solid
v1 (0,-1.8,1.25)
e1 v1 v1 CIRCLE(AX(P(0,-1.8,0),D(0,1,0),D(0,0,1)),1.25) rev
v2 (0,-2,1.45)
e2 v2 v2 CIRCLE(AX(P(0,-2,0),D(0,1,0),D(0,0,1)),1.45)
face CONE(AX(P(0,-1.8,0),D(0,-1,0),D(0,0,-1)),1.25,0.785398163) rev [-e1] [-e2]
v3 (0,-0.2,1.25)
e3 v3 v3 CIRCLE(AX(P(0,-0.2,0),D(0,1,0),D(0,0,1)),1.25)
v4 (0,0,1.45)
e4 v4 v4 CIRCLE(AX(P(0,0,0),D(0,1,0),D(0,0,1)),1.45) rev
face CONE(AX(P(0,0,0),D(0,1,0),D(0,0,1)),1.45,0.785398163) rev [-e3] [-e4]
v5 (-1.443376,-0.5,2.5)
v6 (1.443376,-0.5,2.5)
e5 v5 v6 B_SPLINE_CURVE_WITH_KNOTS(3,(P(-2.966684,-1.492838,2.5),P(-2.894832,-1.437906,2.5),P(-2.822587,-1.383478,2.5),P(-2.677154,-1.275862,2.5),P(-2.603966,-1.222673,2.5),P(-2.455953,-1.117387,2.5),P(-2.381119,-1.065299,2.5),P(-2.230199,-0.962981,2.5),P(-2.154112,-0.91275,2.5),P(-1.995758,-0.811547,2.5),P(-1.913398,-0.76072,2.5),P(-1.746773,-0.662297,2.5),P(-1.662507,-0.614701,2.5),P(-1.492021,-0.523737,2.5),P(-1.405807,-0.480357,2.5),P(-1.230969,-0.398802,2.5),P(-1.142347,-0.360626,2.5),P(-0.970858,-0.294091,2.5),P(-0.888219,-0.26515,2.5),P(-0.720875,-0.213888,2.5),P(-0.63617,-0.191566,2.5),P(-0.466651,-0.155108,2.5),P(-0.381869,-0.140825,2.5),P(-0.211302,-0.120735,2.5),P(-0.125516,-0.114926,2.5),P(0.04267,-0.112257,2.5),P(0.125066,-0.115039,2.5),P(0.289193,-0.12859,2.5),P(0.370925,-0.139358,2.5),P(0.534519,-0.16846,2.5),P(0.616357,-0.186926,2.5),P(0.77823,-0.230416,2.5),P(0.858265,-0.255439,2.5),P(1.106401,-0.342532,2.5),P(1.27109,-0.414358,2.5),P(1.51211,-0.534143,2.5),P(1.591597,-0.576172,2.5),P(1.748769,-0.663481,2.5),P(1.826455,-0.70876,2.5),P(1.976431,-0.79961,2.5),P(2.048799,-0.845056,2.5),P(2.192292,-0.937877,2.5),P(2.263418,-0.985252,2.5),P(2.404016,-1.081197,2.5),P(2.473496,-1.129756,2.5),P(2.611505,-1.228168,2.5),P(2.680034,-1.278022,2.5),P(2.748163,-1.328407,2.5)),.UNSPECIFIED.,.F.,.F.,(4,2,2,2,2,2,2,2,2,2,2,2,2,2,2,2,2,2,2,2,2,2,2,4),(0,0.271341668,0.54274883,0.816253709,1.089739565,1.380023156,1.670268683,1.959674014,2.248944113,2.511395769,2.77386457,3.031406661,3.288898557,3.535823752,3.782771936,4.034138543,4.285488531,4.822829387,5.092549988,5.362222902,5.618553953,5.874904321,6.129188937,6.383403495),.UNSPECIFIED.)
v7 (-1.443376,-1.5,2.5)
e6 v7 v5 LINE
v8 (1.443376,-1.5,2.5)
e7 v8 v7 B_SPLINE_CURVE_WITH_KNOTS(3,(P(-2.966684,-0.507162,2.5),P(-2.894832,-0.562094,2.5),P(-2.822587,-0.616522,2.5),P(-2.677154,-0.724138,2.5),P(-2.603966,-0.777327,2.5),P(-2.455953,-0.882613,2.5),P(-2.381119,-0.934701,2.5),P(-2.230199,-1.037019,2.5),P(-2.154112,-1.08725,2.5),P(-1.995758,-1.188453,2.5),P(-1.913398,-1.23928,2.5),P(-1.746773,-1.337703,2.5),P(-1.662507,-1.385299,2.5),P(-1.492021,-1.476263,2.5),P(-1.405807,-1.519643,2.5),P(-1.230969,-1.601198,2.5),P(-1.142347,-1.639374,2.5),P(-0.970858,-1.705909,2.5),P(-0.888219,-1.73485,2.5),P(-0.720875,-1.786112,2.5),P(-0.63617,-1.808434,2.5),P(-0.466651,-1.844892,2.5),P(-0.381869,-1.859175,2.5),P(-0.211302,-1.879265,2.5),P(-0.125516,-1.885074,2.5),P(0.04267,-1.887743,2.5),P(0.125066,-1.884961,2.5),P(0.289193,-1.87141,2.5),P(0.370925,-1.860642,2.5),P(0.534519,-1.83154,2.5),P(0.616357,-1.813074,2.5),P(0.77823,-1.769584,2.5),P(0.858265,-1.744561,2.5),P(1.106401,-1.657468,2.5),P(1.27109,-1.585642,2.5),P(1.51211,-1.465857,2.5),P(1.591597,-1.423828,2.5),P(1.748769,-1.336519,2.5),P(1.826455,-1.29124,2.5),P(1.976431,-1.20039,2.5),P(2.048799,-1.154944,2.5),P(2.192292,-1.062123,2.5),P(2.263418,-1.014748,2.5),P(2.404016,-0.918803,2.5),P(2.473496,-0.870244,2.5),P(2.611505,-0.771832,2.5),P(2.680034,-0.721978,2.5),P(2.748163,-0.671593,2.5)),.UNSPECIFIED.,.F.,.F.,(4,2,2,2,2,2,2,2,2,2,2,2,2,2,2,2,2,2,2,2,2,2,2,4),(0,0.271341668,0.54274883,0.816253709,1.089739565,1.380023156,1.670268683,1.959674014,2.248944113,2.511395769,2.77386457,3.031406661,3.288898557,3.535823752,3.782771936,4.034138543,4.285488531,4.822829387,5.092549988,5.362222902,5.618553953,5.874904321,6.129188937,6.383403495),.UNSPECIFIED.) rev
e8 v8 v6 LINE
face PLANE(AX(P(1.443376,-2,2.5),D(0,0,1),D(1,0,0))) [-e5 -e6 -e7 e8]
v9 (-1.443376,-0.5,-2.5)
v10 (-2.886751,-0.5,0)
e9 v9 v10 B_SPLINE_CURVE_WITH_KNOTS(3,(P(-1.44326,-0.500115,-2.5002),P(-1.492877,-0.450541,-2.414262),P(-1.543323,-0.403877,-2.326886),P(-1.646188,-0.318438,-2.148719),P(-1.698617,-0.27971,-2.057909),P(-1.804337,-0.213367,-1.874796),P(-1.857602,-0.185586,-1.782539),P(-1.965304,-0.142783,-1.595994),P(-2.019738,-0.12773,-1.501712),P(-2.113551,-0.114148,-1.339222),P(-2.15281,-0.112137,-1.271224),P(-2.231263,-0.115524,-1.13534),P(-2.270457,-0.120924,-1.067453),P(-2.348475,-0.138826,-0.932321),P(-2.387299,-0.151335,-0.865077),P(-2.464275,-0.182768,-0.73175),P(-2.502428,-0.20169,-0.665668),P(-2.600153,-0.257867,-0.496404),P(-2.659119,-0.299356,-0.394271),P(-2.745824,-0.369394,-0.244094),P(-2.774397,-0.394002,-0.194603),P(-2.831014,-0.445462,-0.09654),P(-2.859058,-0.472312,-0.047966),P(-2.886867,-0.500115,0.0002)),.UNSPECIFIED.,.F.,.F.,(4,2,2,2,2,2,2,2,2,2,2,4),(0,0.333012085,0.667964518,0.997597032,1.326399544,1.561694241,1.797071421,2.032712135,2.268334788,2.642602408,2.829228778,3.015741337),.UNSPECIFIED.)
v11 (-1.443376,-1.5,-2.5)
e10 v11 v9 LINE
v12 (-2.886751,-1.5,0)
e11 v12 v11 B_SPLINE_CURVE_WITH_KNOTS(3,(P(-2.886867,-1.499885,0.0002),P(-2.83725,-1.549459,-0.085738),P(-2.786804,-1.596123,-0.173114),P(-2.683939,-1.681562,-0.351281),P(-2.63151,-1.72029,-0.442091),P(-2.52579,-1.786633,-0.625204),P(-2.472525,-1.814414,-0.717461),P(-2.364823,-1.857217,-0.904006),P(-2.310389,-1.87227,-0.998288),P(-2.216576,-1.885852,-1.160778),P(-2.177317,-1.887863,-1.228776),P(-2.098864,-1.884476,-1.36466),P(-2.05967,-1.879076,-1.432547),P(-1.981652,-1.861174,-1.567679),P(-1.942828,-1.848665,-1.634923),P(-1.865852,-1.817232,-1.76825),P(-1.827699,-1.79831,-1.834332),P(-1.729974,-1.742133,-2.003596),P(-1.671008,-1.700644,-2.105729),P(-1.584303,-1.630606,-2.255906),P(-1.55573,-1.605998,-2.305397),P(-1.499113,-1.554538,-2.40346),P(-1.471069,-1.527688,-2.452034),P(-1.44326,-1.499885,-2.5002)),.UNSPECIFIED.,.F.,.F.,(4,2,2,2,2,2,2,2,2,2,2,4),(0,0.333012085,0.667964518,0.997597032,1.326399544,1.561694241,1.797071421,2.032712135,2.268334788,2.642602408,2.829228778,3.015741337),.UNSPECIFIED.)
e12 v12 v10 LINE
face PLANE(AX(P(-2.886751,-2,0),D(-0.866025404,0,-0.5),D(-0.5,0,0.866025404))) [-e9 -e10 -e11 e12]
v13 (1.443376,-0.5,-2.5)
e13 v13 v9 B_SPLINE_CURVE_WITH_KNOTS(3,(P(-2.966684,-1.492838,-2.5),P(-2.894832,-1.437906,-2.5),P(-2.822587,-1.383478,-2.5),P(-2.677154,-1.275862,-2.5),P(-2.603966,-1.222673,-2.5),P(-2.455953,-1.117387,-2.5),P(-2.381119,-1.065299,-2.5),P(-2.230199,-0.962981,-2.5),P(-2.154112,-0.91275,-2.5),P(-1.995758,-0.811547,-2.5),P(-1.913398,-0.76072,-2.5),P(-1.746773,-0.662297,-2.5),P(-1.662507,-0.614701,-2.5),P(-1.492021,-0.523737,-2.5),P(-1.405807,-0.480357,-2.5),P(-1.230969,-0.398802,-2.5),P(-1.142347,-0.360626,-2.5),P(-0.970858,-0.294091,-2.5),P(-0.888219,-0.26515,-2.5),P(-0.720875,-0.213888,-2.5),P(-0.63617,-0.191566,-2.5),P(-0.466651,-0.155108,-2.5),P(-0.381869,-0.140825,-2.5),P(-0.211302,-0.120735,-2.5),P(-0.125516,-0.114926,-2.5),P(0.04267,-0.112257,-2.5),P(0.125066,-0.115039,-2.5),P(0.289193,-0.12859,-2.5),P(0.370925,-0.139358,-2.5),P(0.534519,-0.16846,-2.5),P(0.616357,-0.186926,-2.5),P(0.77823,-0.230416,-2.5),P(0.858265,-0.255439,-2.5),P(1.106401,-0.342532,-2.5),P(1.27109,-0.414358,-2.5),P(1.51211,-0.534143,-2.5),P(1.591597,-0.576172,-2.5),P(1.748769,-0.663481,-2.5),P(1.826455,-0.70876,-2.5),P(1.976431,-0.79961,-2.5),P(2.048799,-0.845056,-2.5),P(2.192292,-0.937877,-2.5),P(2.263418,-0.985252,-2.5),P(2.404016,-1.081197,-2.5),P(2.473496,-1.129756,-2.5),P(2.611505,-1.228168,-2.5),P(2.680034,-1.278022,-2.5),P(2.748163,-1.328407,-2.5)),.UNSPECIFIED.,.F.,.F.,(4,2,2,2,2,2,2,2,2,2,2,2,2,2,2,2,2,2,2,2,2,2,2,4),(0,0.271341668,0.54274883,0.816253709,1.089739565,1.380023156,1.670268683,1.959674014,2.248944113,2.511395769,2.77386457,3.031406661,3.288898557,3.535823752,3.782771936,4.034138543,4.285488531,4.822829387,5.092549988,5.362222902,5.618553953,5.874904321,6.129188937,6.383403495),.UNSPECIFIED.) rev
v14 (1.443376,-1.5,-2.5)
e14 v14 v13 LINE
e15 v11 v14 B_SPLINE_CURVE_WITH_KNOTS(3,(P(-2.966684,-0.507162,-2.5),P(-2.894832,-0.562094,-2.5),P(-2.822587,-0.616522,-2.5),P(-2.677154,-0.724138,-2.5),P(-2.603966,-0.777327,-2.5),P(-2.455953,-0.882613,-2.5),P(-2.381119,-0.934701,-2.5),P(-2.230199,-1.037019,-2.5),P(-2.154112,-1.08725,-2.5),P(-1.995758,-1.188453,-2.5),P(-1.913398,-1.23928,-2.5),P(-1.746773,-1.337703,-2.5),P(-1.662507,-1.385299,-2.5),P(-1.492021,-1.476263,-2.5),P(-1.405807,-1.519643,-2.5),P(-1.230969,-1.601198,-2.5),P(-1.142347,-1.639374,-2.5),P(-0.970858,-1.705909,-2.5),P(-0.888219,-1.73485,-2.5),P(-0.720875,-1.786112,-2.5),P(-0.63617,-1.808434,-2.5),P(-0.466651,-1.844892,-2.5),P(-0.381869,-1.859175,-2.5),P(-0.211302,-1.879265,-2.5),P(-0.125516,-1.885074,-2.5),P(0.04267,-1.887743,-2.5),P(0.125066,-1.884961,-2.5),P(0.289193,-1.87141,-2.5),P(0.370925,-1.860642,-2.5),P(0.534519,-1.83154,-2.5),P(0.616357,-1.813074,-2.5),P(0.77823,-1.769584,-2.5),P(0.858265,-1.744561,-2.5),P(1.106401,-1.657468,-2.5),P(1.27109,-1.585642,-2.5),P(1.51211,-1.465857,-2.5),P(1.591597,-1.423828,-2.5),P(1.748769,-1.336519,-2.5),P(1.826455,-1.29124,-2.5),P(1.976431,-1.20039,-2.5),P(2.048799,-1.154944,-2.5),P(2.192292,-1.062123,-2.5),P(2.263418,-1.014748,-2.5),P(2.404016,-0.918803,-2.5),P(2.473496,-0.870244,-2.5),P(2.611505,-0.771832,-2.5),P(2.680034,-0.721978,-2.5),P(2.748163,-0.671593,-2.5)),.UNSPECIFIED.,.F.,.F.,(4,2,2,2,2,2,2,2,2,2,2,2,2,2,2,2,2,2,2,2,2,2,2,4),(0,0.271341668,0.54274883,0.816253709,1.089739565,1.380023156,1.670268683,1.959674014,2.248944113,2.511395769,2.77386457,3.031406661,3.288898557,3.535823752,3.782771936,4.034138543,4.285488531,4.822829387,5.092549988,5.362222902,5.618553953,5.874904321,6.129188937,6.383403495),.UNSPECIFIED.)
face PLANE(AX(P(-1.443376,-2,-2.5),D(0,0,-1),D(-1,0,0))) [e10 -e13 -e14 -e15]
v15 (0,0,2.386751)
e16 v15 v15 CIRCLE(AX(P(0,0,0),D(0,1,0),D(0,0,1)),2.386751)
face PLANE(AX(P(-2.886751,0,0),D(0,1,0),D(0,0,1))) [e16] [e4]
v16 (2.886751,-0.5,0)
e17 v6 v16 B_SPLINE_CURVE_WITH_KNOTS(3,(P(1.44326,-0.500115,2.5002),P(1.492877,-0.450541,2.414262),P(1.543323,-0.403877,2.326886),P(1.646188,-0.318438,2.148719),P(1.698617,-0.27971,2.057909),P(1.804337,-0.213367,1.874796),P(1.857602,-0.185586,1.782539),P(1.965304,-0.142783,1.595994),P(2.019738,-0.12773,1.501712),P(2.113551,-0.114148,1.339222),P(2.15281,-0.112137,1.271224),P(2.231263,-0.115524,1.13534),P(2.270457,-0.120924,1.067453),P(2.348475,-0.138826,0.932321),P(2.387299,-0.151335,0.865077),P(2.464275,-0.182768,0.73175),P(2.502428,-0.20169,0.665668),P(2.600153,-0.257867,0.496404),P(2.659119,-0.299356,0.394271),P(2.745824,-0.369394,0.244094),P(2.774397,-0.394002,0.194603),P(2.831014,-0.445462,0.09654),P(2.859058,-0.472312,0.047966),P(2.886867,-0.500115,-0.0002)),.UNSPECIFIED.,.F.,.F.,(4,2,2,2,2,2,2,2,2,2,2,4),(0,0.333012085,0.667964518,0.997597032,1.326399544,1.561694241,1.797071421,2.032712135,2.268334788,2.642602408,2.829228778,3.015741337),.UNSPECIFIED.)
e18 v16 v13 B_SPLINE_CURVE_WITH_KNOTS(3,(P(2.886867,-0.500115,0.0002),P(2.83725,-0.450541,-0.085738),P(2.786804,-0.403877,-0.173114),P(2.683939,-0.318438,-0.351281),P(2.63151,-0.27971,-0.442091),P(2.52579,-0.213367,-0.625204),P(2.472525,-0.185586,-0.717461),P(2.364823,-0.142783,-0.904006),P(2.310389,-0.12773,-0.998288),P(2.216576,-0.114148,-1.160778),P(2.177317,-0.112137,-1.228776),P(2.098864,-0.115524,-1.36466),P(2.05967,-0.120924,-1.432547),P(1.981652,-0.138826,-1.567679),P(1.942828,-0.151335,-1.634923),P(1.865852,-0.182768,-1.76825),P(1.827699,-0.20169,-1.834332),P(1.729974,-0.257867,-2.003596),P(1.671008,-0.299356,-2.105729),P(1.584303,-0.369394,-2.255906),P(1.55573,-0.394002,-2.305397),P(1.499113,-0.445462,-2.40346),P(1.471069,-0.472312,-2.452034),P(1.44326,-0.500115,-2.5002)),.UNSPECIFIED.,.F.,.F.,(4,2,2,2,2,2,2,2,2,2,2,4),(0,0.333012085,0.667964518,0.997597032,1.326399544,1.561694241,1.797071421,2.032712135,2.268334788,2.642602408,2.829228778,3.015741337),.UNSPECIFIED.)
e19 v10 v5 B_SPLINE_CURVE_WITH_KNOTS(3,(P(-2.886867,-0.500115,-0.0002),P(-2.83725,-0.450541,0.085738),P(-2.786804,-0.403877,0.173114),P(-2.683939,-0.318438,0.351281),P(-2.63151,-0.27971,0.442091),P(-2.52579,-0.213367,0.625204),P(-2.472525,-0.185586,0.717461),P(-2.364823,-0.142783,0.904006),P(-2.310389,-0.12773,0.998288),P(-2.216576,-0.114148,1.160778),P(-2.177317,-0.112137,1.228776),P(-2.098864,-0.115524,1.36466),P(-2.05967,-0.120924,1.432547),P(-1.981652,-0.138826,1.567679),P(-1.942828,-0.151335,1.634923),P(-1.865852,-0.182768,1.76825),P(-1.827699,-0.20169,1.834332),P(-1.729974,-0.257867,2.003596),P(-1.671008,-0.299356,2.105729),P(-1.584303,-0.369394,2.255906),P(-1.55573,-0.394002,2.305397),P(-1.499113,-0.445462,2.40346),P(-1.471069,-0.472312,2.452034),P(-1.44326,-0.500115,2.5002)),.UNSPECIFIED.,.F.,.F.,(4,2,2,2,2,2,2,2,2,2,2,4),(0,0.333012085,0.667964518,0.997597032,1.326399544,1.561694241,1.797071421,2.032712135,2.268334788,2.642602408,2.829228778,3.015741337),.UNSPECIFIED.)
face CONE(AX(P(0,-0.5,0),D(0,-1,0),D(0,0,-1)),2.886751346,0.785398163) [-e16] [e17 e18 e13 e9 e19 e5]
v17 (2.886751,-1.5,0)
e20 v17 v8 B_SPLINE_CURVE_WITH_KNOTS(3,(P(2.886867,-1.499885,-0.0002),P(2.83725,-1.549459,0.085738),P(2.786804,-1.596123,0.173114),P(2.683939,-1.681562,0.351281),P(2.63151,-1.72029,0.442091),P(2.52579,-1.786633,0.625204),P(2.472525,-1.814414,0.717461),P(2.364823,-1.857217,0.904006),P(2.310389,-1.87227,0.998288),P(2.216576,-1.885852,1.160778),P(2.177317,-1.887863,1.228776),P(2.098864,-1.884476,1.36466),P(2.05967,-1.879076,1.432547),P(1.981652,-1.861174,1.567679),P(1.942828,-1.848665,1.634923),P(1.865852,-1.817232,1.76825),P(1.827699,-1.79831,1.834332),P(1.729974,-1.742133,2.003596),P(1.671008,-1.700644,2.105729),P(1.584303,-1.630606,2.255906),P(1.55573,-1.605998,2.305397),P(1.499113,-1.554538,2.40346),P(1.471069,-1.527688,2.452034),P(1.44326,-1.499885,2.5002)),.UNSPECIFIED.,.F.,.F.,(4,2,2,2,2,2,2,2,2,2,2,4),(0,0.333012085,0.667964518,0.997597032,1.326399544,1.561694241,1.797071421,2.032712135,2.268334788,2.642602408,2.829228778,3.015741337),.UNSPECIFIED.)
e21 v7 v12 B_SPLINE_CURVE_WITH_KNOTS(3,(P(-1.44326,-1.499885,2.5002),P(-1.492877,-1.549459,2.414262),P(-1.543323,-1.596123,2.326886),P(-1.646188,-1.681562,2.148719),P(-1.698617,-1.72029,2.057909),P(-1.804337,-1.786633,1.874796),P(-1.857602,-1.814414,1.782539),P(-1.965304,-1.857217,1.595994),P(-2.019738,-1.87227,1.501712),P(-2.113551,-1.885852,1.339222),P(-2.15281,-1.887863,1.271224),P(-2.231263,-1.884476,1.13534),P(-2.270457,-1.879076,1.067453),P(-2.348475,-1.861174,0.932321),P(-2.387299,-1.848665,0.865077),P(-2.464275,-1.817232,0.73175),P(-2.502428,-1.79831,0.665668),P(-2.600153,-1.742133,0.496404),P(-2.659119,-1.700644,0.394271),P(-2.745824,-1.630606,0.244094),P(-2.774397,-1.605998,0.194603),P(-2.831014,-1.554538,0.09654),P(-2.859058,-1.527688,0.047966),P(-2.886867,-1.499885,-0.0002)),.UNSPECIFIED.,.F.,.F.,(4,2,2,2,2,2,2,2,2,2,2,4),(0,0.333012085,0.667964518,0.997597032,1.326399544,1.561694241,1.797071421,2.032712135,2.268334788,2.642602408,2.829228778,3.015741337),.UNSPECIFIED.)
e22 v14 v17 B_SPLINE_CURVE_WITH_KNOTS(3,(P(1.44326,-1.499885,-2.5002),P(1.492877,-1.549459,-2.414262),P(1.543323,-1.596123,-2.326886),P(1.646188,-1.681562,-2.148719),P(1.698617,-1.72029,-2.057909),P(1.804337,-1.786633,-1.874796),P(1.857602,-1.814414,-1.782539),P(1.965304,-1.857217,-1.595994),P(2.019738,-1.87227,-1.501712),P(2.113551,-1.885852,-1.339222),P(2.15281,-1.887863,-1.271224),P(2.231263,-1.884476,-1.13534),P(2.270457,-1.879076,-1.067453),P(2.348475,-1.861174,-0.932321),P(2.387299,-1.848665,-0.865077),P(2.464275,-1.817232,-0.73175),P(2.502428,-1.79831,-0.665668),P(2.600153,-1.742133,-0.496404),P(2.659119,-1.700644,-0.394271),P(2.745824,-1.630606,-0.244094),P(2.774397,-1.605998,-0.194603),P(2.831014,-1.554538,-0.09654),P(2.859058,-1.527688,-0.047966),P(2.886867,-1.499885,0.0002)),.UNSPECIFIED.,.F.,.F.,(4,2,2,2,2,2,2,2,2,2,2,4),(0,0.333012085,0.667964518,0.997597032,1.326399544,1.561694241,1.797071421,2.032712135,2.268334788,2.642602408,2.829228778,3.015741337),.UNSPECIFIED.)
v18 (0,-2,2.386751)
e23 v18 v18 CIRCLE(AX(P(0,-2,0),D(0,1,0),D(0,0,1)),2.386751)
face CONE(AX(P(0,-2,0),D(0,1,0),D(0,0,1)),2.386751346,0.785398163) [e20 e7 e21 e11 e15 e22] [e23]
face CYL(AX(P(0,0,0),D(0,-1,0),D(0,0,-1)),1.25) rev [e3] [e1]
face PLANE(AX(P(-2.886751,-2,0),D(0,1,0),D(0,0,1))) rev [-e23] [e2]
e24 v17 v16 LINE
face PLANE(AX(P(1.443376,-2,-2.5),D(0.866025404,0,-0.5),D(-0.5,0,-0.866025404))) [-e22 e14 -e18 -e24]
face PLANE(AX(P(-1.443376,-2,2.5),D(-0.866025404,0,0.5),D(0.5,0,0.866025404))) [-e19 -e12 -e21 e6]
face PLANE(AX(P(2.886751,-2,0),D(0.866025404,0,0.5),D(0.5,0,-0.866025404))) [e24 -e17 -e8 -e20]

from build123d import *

# Parameters (mm, degrees)
EXTRUDE_1_DEPTH     = 2
SKETCH_5_R          = 1.25
CUT_EXTRUDE_1_DEPTH = 5.310839052
CHAMFER_1_SIZE      = 0.2


with BuildPart() as part:
    # Эскиз1 → Вытянуть1 (new body)
    with BuildSketch(Plane(origin=(0, 0, 0), x_dir=(1, 0, 0), z_dir=(0, 1, 0))):
        Polygon((-1.443375673, 2.5), (1.443375673, 2.5), (2.886751346, 0), (1.443375673, -2.5), (-1.443375673, -2.5), (-2.886751346, 0), align=None)
    extrude(amount=-EXTRUDE_1_DEPTH)

    # Эскиз5 → Вырез-Вытянуть1 (cut, through all)
    with BuildSketch(Plane.XZ.offset(2)):
        with Locations(Location((0, 0, 0), (0, 0, 270))):
            Circle(SKETCH_5_R)
    extrude(amount=-CUT_EXTRUDE_1_DEPTH, mode=Mode.SUBTRACT)

    # Эскиз4 → Вырез-Повернуть1 (revolve, cut)
    with BuildSketch(Plane.XY, mode=Mode.PRIVATE) as cut_revolve_1_sk:
        Polygon((-2.886751346, -0.5), (-2.386751346, 0), (-2.886751346, 0), align=None)
        Polygon((-2.886751346, -1.5), (-2.386751346, -2), (-2.886751346, -2), align=None)
    revolve(cut_revolve_1_sk.sketch.rotate(Axis((0, 0, 0), (0, -1, 0)), 120.000000241), axis=Axis((0, 0, 0), (0, -1, 0)), mode=Mode.SUBTRACT)

    # Фаска1
    chamfer_1_edges = [part.edges().sort_by_distance(p)[0] for p in [
        (0, 0, 1.25),
        (0, -2, 1.25),
    ]]
    chamfer(chamfer_1_edges, length=CHAMFER_1_SIZE)


solid = part.part
